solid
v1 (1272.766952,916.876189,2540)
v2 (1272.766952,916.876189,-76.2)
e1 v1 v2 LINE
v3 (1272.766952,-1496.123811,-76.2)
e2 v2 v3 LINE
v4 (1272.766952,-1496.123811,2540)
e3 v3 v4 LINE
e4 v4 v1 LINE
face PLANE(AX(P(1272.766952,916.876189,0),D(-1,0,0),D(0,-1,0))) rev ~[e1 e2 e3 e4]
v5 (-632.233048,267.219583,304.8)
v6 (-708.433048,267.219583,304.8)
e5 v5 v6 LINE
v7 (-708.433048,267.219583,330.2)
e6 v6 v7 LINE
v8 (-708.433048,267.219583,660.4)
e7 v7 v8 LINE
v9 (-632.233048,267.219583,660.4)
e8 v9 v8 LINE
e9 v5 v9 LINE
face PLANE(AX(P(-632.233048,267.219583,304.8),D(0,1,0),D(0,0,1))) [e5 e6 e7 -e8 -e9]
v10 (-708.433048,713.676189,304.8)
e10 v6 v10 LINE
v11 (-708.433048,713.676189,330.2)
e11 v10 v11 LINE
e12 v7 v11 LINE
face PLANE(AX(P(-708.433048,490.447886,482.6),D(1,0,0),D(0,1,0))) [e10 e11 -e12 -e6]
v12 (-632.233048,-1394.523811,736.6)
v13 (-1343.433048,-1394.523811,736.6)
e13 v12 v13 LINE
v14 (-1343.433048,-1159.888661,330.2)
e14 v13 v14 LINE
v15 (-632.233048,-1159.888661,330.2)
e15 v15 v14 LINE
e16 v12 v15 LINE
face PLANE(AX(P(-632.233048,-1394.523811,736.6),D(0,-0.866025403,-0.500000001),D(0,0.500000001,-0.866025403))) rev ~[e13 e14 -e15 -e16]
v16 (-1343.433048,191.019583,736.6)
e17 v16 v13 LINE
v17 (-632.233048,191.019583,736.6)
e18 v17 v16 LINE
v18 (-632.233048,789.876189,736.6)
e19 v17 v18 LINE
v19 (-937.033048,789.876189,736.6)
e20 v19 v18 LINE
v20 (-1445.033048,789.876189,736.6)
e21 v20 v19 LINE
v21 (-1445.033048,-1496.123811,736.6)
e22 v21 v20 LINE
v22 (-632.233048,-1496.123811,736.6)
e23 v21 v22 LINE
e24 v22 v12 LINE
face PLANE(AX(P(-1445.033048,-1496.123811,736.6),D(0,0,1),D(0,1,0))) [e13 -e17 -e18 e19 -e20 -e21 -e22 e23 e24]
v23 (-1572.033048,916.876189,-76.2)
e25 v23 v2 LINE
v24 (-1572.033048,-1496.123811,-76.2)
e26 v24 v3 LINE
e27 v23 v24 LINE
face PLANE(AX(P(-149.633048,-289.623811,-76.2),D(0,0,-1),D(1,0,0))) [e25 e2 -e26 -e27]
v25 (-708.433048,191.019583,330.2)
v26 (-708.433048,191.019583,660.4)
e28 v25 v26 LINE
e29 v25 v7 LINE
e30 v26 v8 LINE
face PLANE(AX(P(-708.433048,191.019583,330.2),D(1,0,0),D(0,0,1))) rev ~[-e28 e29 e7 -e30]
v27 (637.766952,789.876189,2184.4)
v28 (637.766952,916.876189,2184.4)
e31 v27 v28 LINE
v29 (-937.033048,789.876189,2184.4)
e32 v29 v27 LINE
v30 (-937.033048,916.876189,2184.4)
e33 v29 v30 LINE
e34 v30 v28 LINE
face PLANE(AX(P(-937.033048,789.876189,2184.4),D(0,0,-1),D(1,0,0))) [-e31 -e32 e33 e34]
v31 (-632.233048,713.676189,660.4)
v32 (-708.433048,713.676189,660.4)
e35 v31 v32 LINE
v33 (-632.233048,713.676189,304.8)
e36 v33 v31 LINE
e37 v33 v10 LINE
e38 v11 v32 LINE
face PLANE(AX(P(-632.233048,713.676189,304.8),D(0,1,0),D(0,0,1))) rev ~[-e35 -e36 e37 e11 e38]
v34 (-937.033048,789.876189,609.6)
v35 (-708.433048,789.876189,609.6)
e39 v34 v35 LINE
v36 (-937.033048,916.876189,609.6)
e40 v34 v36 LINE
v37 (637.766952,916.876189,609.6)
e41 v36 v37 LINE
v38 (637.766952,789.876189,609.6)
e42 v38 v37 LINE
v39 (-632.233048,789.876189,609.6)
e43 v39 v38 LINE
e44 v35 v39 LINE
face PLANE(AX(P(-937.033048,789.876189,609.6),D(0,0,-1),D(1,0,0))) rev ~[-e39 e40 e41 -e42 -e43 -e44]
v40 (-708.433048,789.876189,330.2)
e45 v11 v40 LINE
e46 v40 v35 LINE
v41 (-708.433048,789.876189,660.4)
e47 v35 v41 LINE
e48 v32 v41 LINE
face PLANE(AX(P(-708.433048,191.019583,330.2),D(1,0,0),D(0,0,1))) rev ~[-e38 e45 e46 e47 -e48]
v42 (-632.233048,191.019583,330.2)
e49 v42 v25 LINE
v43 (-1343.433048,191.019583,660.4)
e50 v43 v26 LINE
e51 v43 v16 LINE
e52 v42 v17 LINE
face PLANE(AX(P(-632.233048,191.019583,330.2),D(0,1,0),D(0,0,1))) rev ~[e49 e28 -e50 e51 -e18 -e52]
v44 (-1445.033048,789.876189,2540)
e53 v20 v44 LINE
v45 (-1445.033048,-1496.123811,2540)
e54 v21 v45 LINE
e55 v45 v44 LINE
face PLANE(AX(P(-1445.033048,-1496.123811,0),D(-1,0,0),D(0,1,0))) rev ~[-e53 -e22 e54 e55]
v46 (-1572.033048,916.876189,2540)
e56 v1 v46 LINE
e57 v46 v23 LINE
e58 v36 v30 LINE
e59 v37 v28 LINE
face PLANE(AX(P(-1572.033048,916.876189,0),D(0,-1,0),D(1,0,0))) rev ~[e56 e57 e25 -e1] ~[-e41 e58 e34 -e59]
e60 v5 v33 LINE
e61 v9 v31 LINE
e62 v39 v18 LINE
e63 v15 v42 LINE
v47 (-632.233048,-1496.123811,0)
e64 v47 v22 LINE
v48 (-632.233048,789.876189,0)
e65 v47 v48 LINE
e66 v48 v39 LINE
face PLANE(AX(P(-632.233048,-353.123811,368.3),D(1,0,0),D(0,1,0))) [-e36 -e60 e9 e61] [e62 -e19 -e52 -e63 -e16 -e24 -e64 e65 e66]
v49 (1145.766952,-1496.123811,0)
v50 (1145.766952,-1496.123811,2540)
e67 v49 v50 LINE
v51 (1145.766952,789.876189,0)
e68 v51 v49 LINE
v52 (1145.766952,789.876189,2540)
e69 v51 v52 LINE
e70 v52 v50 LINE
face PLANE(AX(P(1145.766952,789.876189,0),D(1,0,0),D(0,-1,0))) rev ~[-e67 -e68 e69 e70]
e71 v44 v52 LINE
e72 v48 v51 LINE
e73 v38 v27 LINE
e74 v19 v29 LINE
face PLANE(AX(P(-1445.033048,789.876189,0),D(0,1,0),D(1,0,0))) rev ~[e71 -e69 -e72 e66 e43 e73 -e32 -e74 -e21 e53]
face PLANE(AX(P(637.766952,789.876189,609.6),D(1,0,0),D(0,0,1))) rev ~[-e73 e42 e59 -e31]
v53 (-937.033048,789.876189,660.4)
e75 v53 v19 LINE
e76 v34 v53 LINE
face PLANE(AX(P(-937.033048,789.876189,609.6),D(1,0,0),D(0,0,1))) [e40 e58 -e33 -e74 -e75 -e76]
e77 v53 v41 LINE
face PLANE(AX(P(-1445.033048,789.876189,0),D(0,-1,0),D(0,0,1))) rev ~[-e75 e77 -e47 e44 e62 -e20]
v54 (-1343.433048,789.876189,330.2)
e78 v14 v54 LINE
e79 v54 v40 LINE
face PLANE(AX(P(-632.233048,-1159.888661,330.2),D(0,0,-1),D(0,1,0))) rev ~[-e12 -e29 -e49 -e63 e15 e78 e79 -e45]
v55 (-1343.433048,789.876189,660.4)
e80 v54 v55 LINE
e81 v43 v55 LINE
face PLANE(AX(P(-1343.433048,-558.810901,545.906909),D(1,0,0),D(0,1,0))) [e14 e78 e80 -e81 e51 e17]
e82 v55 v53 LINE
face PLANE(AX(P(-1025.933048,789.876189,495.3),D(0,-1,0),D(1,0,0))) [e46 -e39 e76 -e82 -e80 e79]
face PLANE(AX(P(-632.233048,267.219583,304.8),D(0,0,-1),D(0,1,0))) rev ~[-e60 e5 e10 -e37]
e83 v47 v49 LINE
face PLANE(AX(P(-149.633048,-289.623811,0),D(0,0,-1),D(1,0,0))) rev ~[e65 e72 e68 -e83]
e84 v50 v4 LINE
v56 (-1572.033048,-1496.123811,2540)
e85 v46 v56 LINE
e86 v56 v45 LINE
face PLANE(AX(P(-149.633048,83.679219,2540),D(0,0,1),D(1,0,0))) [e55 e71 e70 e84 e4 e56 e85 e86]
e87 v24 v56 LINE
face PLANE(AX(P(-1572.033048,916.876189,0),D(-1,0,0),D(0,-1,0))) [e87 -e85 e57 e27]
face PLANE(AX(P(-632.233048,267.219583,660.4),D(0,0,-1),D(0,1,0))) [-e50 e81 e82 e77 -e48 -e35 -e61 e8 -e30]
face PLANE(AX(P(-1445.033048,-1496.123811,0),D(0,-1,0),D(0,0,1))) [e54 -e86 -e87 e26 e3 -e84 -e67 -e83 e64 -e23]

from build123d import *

# Parameters (mm, degrees)
F1_DEPTH  = 2540
F2_W      = 2844.8
F2_H      = 2413
F3_DEPTH  = 76.2
F4_W      = 1574.8
F4_H      = 1574.8
F5_DEPTH  = 127.001
F6_W      = 2286
F6_H      = 736.6
F7_DEPTH  = 812.8
F9_DEPTH  = 711.2
F10_W     = 635
F10_H     = 330.2
F11_DEPTH = 598.856606
F12_W     = 446.456606
F12_H     = 355.6
F13_DEPTH = 76.2


with BuildPart() as f1:
    # F0 (on Top) → F1 (new body)
    with BuildSketch(Plane.XY):
        Polygon((-1445.033048, -1496.123811), (-1445.033048, 789.876189), (1145.766952, 789.876189), (1145.766952, -1496.123811), (1272.766952, -1496.123811), (1272.766952, 916.876189), (-1572.033048, 916.876189), (-1572.033048, -1496.123811), align=None)
    extrude(amount=F1_DEPTH)

    # F2 (on face) → F3 (join)
    with BuildSketch(Plane(origin=(0, 0, 0), x_dir=(1, 0, 0), z_dir=(0, 0, -1))):
        with Locations((-149.633048, 289.623811)):
            Rectangle(F2_W, F2_H)
    extrude(amount=F3_DEPTH)

    # F4 (on face) → F5 (cut, through all)
    with BuildSketch(Plane.XZ.offset(-789.876189)):
        with Locations((-149.633048, 1397)):
            Rectangle(F4_W, F4_H)
    extrude(amount=-F5_DEPTH, mode=Mode.SUBTRACT)

    # F6 (on face) → F7 (join)
    with BuildSketch(Plane.YZ.offset(-1445.033048)):
        with Locations((-353.123811, 368.3)):
            Rectangle(F6_W, F6_H)
    extrude(amount=F7_DEPTH)

    # F8 (on face) → F9 (cut)
    with BuildSketch(Plane.YZ.offset(-632.233048)):
        Polygon((191.019583, 736.6), (-1394.523811, 736.6), (-1159.888661, 330.2), (191.019583, 330.2), align=None)
    extrude(amount=-F9_DEPTH, mode=Mode.SUBTRACT)

    # F10 (on face) → F11 (cut, through all)
    with BuildSketch(Plane.XZ.offset(-191.019583)):
        with Locations((-1025.933048, 495.3)):
            Rectangle(F10_W, F10_H)
    extrude(amount=-F11_DEPTH, mode=Mode.SUBTRACT)

    # F12 (on face) → F13 (cut, through all)
    with BuildSketch(Plane.YZ.offset(-632.233048)):
        with Locations((490.447886, 482.6)):
            Rectangle(F12_W, F12_H)
    extrude(amount=-F13_DEPTH, mode=Mode.SUBTRACT)


solid = f1.part
